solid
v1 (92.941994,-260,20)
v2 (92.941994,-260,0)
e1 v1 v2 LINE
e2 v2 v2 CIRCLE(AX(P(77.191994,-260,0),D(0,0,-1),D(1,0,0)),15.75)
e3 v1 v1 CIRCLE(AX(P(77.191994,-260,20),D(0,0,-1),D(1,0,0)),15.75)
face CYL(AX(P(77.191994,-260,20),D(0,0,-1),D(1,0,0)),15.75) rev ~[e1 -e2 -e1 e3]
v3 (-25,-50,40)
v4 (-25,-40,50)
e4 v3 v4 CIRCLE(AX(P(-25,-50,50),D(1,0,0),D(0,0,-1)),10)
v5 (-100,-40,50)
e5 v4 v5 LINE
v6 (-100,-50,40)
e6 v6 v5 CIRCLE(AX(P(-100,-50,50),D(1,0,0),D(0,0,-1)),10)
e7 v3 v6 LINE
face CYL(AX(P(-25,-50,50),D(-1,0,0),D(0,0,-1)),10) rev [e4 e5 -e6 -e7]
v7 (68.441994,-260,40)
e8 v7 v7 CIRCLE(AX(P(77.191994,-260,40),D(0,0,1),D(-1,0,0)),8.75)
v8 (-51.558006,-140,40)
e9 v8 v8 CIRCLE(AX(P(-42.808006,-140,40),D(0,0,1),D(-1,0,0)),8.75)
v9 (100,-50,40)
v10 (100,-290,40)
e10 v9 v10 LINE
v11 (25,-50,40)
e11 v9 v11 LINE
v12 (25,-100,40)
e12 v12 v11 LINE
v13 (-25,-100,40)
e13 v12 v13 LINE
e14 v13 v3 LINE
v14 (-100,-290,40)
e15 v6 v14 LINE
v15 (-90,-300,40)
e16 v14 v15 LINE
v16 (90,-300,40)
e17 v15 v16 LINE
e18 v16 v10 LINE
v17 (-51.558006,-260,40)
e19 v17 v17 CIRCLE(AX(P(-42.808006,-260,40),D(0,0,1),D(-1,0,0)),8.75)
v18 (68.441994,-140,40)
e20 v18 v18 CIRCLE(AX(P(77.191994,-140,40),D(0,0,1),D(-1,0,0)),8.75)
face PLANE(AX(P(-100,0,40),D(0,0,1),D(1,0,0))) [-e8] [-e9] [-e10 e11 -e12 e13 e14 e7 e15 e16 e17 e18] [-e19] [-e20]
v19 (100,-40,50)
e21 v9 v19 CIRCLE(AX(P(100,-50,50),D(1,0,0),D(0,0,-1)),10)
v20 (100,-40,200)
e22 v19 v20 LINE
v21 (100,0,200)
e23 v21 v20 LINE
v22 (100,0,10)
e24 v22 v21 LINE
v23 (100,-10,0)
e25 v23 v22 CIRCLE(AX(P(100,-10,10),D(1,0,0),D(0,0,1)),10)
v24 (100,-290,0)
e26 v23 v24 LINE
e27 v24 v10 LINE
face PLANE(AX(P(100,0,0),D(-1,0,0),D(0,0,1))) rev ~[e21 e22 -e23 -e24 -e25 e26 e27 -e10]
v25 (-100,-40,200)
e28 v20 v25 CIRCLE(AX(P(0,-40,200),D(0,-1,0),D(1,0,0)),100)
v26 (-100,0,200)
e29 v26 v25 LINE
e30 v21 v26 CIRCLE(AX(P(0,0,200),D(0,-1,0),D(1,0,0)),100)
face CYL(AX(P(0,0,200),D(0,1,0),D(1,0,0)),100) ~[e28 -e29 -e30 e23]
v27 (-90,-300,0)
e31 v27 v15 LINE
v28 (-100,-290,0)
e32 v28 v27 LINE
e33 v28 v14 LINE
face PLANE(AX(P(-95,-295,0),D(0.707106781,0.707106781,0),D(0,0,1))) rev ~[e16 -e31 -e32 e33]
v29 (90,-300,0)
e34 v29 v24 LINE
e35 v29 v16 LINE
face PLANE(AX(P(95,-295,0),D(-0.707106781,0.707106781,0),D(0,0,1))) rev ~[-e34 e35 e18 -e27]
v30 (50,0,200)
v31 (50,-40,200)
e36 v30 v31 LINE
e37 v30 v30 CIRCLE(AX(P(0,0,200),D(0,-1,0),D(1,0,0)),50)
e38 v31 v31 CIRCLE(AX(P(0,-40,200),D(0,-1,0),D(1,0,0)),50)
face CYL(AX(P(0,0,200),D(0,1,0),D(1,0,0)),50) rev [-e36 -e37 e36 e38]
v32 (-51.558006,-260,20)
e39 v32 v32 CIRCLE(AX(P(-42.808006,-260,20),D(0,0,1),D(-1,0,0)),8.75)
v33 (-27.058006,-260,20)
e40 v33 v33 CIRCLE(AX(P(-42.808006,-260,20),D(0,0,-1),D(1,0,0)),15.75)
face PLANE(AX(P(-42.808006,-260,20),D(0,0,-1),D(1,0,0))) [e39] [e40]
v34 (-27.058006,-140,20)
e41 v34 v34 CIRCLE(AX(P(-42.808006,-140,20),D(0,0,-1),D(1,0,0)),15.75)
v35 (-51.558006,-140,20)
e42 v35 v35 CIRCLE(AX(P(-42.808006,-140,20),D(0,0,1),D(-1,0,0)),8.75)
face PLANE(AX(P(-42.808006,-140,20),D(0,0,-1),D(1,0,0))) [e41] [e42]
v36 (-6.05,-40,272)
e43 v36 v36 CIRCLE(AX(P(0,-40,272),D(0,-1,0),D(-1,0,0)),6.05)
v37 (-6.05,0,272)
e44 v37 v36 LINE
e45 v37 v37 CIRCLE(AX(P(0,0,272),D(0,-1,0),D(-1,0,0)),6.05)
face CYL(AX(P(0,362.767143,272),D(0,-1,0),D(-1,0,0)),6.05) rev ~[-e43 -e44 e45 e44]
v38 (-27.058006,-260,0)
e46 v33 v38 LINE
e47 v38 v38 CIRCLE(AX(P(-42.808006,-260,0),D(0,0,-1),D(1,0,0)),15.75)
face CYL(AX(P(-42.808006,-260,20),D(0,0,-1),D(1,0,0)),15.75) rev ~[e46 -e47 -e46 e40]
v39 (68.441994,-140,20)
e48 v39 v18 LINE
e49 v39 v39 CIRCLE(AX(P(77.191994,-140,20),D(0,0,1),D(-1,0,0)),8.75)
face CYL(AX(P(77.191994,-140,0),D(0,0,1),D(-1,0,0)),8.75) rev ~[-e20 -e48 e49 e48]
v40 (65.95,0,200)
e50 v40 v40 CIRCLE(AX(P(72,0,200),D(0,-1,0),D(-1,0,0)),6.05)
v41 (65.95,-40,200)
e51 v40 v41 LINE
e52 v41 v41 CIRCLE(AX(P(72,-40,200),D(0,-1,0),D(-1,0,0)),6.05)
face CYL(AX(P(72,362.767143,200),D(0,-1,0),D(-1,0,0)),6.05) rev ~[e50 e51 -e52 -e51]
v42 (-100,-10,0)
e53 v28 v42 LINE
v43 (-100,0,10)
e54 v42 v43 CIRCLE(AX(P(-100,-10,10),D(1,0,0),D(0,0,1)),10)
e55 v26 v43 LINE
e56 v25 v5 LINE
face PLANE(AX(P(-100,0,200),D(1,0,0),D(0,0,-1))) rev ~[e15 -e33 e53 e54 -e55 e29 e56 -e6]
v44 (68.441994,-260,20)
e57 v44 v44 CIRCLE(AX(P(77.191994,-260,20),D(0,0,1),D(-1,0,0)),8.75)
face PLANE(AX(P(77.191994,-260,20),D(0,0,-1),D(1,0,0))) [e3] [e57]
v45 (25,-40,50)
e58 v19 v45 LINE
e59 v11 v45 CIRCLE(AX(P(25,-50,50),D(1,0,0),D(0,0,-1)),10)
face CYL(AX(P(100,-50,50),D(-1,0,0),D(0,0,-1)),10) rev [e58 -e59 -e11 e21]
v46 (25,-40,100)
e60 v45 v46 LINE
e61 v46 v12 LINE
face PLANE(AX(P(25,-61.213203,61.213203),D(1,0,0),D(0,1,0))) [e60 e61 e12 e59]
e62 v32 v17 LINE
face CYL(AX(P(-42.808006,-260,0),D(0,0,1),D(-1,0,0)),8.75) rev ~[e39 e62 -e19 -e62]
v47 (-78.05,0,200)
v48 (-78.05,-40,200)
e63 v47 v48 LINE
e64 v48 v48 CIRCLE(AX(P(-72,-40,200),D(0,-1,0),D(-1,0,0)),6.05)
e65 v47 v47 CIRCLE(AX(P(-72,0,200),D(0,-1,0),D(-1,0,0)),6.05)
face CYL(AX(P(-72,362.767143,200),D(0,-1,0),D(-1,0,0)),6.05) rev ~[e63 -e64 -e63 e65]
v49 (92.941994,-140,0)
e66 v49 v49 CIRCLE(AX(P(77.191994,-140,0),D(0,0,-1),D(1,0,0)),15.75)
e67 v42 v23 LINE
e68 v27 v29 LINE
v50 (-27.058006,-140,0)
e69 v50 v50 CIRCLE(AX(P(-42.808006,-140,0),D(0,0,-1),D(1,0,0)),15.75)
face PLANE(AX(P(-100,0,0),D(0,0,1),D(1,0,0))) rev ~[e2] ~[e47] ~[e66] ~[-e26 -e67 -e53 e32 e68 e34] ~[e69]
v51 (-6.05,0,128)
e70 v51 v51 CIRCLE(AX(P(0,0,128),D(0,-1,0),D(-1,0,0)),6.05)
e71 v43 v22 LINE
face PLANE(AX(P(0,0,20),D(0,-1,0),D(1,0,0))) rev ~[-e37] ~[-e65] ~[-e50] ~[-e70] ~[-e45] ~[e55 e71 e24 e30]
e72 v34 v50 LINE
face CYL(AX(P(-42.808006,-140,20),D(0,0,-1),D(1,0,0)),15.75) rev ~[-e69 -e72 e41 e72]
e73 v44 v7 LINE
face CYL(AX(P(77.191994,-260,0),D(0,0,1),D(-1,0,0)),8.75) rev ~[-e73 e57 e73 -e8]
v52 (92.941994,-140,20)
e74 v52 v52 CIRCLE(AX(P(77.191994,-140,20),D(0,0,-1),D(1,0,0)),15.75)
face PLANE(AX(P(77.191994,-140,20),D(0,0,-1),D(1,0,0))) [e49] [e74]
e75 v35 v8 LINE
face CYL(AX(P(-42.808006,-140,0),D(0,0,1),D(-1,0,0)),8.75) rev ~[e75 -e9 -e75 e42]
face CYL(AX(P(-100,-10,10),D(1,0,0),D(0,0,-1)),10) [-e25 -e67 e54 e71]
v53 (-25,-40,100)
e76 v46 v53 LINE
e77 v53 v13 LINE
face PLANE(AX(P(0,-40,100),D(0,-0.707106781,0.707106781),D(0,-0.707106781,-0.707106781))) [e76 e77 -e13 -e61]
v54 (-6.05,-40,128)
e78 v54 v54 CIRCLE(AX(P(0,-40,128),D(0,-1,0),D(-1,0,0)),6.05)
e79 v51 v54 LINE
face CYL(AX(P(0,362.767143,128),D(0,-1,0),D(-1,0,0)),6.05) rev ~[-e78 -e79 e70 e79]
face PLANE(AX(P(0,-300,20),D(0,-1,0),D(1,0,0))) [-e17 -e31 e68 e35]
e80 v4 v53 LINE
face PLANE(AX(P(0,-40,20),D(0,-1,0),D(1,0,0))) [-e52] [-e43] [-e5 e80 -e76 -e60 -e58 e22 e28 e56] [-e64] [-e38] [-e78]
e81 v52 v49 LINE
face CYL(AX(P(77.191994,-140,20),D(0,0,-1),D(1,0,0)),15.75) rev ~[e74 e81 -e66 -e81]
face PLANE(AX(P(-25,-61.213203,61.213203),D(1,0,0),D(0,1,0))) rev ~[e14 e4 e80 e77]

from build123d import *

# Parameters (mm, degrees)
F0_W           = 200
F0_H           = 40
F0_R           = 7
F0_R_2         = 50
F1_DEPTH       = 40
F2_D           = 12.1
F3_DEPTH       = 300
F5_DEPTH       = 25
F7_SIZE        = 10
F8_R           = 10
F9_D           = 17.5
F9_CBORE_D     = 31.5
F9_CBORE_DEPTH = 20


with BuildPart() as f1:
    # F0 (on Front) → F1 (new body)
    with BuildSketch(Plane.XZ):
        with Locations((0, 20)):
            Rectangle(F0_W, F0_H)
        with BuildLine():
            Line((-100, 200), (-100, 40))
            Line((-100, 40), (100, 40))
            Line((100, 40), (100, 200))
            ThreePointArc((100, 200), (0, 300), (-100, 200))
        make_face()
        with Locations((0, 128)):
            Circle(F0_R, mode=Mode.SUBTRACT)
        with Locations((-72, 200)):
            Circle(F0_R, mode=Mode.SUBTRACT)
        with Locations((0, 200)):
            Circle(F0_R_2, mode=Mode.SUBTRACT)
        with Locations((72, 200)):
            Circle(F0_R, mode=Mode.SUBTRACT)
        with Locations((0, 272)):
            Circle(F0_R, mode=Mode.SUBTRACT)
        with Locations((-72, 200)):
            Circle(F0_R)
        with Locations((0, 272)):
            Circle(F0_R)
        with Locations((72, 200)):
            Circle(F0_R)
        with Locations((0, 128)):
            Circle(F0_R)
    extrude(amount=F1_DEPTH)

    # F2 (through all)
    with Locations(Plane(origin=(0, 0, 0), x_dir=(1, 0, 0), z_dir=(0, 1, 0))):
        with Locations((0, -272), (72, -200), (0, -128), (-72, -200)):
            Hole(F2_D / 2)

    # F0 (on Front) → F3 (join)
    with BuildSketch(Plane.XZ):
        with Locations((0, 20)):
            Rectangle(F0_W, F0_H)
    extrude(amount=F3_DEPTH)

    # F4 (on Right) → F5 (join, symmetric)
    with BuildSketch(Plane.YZ):
        Polygon((-100, 40), (-40, 40), (-40, 100), align=None)
    extrude(amount=F5_DEPTH, both=True)

    # F7
    f7_edges = [f1.edges().sort_by_distance(p)[0] for p in [
        (-100, -300, 20),
        (100, -300, 20),
    ]]
    chamfer(f7_edges, length=F7_SIZE)

    # F8
    f8_edges = [f1.edges().sort_by_distance(p)[0] for p in [
        (-62.5, -40, 40),
        (62.5, -40, 40),
        (0, 0, 0),
    ]]
    fillet(f8_edges, radius=F8_R)

    # F9 (through all)
    with Locations(Plane(origin=(0, 0, 0), x_dir=(1, 0, 0), z_dir=(0, 0, -1))):
        with Locations((-42.8080064058, 260), (77.1919935942, 260), (77.1919935942, 140), (-42.8080064058, 140)):
            CounterBoreHole(F9_D / 2, F9_CBORE_D / 2, F9_CBORE_DEPTH)


solid = f1.part
